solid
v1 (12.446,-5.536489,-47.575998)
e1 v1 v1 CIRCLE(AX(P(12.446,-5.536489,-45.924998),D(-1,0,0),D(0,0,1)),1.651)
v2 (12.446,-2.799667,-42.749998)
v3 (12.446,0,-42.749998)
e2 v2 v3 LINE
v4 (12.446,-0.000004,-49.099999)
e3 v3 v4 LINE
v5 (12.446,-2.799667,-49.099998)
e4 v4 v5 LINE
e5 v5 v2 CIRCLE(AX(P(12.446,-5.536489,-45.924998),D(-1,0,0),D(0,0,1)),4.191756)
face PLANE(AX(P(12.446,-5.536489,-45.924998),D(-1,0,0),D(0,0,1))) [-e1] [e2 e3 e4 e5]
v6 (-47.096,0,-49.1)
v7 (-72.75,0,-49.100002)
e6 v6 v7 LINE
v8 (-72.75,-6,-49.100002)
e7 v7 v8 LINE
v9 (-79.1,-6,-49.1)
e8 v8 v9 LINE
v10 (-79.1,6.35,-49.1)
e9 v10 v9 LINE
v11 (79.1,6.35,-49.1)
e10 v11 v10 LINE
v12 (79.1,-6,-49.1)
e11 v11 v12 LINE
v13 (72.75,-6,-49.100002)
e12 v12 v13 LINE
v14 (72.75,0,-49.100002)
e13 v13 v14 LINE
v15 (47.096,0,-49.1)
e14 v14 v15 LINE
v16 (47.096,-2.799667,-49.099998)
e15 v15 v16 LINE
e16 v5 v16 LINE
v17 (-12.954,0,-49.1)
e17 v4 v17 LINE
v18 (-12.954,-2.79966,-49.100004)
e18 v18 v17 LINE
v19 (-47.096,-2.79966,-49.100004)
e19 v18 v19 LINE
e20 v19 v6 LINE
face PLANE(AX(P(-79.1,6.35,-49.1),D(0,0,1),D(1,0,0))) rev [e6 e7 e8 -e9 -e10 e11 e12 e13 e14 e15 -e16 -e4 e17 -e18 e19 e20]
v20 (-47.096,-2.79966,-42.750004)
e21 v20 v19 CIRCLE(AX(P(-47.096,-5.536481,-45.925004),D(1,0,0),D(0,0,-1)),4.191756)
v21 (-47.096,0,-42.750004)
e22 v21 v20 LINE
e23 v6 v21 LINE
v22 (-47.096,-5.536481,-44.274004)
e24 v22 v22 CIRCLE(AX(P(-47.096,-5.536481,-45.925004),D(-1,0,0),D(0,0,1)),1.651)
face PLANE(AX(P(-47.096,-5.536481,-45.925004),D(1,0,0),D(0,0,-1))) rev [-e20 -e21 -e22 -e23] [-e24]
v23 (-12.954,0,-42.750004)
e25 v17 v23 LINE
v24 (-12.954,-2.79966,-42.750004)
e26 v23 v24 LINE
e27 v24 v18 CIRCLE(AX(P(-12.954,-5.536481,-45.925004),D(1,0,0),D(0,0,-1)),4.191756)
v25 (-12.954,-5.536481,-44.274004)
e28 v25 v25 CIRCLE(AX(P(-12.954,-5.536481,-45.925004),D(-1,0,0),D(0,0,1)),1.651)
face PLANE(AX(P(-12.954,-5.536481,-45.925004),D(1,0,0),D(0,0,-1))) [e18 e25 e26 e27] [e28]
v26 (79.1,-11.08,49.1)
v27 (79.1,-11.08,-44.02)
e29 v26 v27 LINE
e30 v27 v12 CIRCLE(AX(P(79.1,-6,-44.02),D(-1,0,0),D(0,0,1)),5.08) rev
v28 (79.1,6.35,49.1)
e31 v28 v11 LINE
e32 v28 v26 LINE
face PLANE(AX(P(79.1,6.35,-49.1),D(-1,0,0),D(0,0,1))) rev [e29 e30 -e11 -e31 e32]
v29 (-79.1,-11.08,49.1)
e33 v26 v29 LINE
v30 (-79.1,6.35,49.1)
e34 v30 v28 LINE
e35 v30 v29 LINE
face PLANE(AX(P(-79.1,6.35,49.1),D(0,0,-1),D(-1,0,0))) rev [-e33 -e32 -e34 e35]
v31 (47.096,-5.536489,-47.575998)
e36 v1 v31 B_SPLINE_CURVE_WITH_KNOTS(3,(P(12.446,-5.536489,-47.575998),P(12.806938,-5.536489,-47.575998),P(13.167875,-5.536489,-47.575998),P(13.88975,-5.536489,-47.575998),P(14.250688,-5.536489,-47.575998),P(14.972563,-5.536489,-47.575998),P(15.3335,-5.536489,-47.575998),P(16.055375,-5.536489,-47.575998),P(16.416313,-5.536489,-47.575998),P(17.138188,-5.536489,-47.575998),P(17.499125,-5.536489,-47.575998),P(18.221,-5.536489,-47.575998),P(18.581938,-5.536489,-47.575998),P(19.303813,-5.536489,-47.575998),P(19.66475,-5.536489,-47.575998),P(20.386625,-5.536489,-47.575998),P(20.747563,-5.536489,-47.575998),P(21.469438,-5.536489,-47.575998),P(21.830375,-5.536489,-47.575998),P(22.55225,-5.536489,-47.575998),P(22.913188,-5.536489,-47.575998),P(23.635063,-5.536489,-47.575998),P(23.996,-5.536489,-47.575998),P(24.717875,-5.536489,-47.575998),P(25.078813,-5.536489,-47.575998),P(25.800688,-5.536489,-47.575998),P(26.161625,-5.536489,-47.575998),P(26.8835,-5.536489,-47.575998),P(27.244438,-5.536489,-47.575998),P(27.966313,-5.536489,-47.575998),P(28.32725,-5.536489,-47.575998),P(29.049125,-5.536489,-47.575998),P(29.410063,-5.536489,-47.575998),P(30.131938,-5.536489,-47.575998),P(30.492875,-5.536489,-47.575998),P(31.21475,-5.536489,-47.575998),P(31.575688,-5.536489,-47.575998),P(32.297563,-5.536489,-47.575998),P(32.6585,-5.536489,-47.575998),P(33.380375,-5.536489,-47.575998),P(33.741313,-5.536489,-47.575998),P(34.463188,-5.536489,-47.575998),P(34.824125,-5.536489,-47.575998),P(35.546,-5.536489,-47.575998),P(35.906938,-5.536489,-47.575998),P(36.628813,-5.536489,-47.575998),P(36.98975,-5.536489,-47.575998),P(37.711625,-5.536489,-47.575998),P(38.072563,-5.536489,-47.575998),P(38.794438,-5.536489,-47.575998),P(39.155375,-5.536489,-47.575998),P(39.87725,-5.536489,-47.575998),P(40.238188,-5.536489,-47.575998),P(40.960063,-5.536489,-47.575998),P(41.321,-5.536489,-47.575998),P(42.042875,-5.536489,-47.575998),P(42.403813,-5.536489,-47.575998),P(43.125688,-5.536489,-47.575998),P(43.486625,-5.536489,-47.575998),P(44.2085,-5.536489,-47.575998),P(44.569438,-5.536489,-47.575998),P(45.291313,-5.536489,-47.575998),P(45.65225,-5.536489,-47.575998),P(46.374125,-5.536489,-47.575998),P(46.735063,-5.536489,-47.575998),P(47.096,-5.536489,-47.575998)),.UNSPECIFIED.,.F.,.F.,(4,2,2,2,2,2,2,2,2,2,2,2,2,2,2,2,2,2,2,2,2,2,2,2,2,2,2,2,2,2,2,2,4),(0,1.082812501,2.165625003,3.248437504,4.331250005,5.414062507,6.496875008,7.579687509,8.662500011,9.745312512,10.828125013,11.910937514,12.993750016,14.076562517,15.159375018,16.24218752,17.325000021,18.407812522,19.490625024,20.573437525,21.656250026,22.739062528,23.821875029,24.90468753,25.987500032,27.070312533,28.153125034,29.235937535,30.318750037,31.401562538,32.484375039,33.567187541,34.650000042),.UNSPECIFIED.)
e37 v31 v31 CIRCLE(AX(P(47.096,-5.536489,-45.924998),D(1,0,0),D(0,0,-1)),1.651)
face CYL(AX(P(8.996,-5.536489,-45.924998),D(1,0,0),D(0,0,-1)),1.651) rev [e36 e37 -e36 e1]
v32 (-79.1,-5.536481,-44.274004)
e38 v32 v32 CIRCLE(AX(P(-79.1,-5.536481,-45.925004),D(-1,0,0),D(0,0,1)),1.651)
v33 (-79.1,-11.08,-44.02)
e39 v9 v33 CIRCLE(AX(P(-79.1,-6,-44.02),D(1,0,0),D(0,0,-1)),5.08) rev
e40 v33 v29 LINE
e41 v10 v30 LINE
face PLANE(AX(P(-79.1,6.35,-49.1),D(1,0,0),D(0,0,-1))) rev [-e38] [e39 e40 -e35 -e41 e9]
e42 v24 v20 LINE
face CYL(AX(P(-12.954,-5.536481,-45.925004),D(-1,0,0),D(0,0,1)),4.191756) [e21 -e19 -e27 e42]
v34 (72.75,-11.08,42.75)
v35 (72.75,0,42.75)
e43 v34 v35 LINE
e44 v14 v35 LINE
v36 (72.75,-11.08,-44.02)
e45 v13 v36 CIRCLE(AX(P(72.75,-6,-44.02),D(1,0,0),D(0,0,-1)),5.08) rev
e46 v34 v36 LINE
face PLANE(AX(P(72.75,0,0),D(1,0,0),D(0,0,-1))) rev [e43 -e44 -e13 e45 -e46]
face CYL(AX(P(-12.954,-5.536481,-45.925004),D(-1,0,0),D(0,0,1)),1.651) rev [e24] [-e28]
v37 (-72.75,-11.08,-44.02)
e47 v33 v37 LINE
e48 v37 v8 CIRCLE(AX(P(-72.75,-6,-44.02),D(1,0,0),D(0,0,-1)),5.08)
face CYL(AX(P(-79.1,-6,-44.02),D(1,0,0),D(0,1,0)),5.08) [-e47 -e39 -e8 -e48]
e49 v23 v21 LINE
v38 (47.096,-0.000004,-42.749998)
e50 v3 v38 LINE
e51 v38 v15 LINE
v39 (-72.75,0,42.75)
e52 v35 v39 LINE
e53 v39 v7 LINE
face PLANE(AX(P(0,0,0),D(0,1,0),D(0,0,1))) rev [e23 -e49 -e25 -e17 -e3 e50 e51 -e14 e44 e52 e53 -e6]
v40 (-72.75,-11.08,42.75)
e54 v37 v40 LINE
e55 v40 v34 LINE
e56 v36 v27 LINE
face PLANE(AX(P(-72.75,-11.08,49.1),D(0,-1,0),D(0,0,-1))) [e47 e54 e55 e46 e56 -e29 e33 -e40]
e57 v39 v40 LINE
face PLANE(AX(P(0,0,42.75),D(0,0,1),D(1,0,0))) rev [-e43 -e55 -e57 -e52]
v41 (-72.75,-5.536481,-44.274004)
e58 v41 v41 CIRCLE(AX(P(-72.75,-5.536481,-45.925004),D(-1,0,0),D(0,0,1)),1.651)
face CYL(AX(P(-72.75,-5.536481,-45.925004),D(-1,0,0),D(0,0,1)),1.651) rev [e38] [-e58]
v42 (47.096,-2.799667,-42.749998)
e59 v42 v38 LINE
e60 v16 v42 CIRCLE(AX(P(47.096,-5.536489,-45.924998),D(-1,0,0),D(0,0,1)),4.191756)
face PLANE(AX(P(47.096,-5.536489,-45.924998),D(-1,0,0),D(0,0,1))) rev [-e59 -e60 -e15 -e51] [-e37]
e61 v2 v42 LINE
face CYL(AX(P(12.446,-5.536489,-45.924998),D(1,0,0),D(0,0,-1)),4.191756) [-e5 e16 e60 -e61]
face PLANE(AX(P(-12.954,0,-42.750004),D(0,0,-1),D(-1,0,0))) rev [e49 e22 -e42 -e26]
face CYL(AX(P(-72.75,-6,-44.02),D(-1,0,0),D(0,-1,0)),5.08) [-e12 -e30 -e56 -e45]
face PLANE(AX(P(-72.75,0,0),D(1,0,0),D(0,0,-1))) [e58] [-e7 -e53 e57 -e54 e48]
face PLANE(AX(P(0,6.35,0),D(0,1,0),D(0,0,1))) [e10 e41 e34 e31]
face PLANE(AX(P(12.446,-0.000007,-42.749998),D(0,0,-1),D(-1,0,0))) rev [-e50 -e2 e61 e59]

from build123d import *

# Parameters (mm, degrees)
IZIM1_W                     = 158.200000084
IZIM1_H                     = 98.199999942
Y_KSEKLIK_EKSTR_ZYON1_DEPTH = 6.35
Y_KSEKLIK_EKSTR_ZYON2_DEPTH = 34.142000042
Y_KSEKLIK_EKSTR_ZYON3_DEPTH = 34.650000042
IZIM5_R                     = 1.651
KES_EKSTR_ZYON1_DEPTH       = 38.1
IZIM6_R                     = 1.651
KES_EKSTR_ZYON2_DEPTH       = 34.142000042
IZIM7_W                     = 98.200002037
IZIM7_H                     = 11.08
Y_KSEKLIK_EKSTR_ZYON4_DEPTH = 6.35
IZIM10_W                    = 98.200002037
IZIM10_H                    = 11.08
Y_KSEKLIK_EKSTR_ZYON5_DEPTH = 6.35
IZIM12_W                    = 145.500000084
IZIM12_H                    = 11.08
Y_KSEKLIK_EKSTR_ZYON6_DEPTH = 6.35
RADYUS1_R                   = 5.08
RADYUS2_R                   = 5.08
IZIM15_R                    = 1.651
KES_EKSTR_ZYON3_DEPTH       = 6.35


with BuildPart() as part:
    # Çizim1 → Yükseklik-Ekstrüzyon1 (new body)
    with BuildSketch(Plane(origin=(0, 0, 0), x_dir=(1, 0, 0), z_dir=(0, 1, 0))):
        Rectangle(IZIM1_W, IZIM1_H)
    extrude(amount=Y_KSEKLIK_EKSTR_ZYON1_DEPTH)

    # Çizim2 → Yükseklik-Ekstrüzyon2 (add)
    with BuildSketch(Plane(origin=(-47.096000042, 0, 0), x_dir=(0, 0, -1), z_dir=(1, 0, 0))):
        with BuildLine():
            Line((49.100004162, 4.89e-07), (42.750004162, 4.89e-07))
            Line((42.750004162, 4.89e-07), (42.750004162, -2.799659899))
            ThreePointArc((42.750004162, -2.799659899), (45.925004162, -9.728237327), (49.100004162, -2.799659899))
            Line((49.100004162, -2.799659899), (49.100004162, 4.89e-07))
        make_face()
    extrude(amount=Y_KSEKLIK_EKSTR_ZYON2_DEPTH)


with BuildPart() as y_kseklik_ekstr_zyon3_tool:
    # Çizim3 → Yükseklik-Ekstrüzyon3 (new body)
    with BuildSketch(Plane.ZY.offset(-47.096000042)):
        with BuildLine():
            Line((-42.749997505, -7.075e-06), (-49.099997505, -7.075e-06))
            Line((-49.099997505, -7.075e-06), (-49.099997505, -2.799667463))
            ThreePointArc((-49.099997505, -2.799667463), (-45.924997505, -9.728244892), (-42.749997505, -2.799667463))
            Line((-42.749997505, -2.799667463), (-42.749997505, -7.075e-06))
        make_face()
    extrude(amount=Y_KSEKLIK_EKSTR_ZYON3_DEPTH)


with BuildPart() as part_1:
    add(part.part)


with BuildPart() as part_2:
    # Yükseklik-Ekstrüzyon3: joined with y_kseklik_ekstr_zyon3_tool
    add(part_1.part.fuse(y_kseklik_ekstr_zyon3_tool.part, tol=0.00001))

    # Çizim5 → Kes-Ekstrüzyon1 (cut)
    with BuildSketch(Plane(origin=(47.096000042, 0, 0), x_dir=(0, 0, -1), z_dir=(1, 0, 0))):
        with Locations((45.924997505, -5.536489024)):
            Circle(IZIM5_R)
    extrude(amount=-KES_EKSTR_ZYON1_DEPTH, mode=Mode.SUBTRACT)

    # Çizim6 → Kes-Ekstrüzyon2 (cut)
    with BuildSketch(Plane.ZY.offset(47.096000042)):
        with Locations((-45.925004162, -5.536481459)):
            Circle(IZIM6_R)
    extrude(amount=-KES_EKSTR_ZYON2_DEPTH, mode=Mode.SUBTRACT)

    # Çizim7 → Yükseklik-Ekstrüzyon4 (add)
    with BuildSketch(Plane.ZY.offset(79.100000042)):
        with Locations((-1.047e-06, -5.54)):
            Rectangle(IZIM7_W, IZIM7_H)
    extrude(amount=-Y_KSEKLIK_EKSTR_ZYON4_DEPTH)

    # Çizim10 → Yükseklik-Ekstrüzyon5 (add)
    with BuildSketch(Plane(origin=(79.100000042, 0, 0), x_dir=(0, 0, -1), z_dir=(1, 0, 0))):
        with Locations((1.047e-06, -5.54)):
            Rectangle(IZIM10_W, IZIM10_H)
    extrude(amount=-Y_KSEKLIK_EKSTR_ZYON5_DEPTH)

    # Çizim12 → Yükseklik-Ekstrüzyon6 (add)
    with BuildSketch(Plane.XY.offset(49.099999971)):
        with Locations((0, -5.54)):
            Rectangle(IZIM12_W, IZIM12_H)
    extrude(amount=-Y_KSEKLIK_EKSTR_ZYON6_DEPTH)

    # Radyus1
    radyus1_edges = [part_2.edges().sort_by_distance(p)[0] for p in [
        (75.925000042, -11.08, -49.100002066),
    ]]
    fillet(radyus1_edges, radius=RADYUS1_R)

    # Radyus2
    radyus2_edges = [part_2.edges().sort_by_distance(p)[0] for p in [
        (-75.925000042, -11.08, -49.100002066),
    ]]
    fillet(radyus2_edges, radius=RADYUS2_R)

    # Çizim15 → Kes-Ekstrüzyon3 (cut)
    with BuildSketch(Plane.ZY.offset(79.100000042)):
        with Locations((-45.925004162, -5.536481459)):
            Circle(IZIM15_R)
    extrude(amount=-KES_EKSTR_ZYON3_DEPTH, mode=Mode.SUBTRACT)


solid = part_2.part
